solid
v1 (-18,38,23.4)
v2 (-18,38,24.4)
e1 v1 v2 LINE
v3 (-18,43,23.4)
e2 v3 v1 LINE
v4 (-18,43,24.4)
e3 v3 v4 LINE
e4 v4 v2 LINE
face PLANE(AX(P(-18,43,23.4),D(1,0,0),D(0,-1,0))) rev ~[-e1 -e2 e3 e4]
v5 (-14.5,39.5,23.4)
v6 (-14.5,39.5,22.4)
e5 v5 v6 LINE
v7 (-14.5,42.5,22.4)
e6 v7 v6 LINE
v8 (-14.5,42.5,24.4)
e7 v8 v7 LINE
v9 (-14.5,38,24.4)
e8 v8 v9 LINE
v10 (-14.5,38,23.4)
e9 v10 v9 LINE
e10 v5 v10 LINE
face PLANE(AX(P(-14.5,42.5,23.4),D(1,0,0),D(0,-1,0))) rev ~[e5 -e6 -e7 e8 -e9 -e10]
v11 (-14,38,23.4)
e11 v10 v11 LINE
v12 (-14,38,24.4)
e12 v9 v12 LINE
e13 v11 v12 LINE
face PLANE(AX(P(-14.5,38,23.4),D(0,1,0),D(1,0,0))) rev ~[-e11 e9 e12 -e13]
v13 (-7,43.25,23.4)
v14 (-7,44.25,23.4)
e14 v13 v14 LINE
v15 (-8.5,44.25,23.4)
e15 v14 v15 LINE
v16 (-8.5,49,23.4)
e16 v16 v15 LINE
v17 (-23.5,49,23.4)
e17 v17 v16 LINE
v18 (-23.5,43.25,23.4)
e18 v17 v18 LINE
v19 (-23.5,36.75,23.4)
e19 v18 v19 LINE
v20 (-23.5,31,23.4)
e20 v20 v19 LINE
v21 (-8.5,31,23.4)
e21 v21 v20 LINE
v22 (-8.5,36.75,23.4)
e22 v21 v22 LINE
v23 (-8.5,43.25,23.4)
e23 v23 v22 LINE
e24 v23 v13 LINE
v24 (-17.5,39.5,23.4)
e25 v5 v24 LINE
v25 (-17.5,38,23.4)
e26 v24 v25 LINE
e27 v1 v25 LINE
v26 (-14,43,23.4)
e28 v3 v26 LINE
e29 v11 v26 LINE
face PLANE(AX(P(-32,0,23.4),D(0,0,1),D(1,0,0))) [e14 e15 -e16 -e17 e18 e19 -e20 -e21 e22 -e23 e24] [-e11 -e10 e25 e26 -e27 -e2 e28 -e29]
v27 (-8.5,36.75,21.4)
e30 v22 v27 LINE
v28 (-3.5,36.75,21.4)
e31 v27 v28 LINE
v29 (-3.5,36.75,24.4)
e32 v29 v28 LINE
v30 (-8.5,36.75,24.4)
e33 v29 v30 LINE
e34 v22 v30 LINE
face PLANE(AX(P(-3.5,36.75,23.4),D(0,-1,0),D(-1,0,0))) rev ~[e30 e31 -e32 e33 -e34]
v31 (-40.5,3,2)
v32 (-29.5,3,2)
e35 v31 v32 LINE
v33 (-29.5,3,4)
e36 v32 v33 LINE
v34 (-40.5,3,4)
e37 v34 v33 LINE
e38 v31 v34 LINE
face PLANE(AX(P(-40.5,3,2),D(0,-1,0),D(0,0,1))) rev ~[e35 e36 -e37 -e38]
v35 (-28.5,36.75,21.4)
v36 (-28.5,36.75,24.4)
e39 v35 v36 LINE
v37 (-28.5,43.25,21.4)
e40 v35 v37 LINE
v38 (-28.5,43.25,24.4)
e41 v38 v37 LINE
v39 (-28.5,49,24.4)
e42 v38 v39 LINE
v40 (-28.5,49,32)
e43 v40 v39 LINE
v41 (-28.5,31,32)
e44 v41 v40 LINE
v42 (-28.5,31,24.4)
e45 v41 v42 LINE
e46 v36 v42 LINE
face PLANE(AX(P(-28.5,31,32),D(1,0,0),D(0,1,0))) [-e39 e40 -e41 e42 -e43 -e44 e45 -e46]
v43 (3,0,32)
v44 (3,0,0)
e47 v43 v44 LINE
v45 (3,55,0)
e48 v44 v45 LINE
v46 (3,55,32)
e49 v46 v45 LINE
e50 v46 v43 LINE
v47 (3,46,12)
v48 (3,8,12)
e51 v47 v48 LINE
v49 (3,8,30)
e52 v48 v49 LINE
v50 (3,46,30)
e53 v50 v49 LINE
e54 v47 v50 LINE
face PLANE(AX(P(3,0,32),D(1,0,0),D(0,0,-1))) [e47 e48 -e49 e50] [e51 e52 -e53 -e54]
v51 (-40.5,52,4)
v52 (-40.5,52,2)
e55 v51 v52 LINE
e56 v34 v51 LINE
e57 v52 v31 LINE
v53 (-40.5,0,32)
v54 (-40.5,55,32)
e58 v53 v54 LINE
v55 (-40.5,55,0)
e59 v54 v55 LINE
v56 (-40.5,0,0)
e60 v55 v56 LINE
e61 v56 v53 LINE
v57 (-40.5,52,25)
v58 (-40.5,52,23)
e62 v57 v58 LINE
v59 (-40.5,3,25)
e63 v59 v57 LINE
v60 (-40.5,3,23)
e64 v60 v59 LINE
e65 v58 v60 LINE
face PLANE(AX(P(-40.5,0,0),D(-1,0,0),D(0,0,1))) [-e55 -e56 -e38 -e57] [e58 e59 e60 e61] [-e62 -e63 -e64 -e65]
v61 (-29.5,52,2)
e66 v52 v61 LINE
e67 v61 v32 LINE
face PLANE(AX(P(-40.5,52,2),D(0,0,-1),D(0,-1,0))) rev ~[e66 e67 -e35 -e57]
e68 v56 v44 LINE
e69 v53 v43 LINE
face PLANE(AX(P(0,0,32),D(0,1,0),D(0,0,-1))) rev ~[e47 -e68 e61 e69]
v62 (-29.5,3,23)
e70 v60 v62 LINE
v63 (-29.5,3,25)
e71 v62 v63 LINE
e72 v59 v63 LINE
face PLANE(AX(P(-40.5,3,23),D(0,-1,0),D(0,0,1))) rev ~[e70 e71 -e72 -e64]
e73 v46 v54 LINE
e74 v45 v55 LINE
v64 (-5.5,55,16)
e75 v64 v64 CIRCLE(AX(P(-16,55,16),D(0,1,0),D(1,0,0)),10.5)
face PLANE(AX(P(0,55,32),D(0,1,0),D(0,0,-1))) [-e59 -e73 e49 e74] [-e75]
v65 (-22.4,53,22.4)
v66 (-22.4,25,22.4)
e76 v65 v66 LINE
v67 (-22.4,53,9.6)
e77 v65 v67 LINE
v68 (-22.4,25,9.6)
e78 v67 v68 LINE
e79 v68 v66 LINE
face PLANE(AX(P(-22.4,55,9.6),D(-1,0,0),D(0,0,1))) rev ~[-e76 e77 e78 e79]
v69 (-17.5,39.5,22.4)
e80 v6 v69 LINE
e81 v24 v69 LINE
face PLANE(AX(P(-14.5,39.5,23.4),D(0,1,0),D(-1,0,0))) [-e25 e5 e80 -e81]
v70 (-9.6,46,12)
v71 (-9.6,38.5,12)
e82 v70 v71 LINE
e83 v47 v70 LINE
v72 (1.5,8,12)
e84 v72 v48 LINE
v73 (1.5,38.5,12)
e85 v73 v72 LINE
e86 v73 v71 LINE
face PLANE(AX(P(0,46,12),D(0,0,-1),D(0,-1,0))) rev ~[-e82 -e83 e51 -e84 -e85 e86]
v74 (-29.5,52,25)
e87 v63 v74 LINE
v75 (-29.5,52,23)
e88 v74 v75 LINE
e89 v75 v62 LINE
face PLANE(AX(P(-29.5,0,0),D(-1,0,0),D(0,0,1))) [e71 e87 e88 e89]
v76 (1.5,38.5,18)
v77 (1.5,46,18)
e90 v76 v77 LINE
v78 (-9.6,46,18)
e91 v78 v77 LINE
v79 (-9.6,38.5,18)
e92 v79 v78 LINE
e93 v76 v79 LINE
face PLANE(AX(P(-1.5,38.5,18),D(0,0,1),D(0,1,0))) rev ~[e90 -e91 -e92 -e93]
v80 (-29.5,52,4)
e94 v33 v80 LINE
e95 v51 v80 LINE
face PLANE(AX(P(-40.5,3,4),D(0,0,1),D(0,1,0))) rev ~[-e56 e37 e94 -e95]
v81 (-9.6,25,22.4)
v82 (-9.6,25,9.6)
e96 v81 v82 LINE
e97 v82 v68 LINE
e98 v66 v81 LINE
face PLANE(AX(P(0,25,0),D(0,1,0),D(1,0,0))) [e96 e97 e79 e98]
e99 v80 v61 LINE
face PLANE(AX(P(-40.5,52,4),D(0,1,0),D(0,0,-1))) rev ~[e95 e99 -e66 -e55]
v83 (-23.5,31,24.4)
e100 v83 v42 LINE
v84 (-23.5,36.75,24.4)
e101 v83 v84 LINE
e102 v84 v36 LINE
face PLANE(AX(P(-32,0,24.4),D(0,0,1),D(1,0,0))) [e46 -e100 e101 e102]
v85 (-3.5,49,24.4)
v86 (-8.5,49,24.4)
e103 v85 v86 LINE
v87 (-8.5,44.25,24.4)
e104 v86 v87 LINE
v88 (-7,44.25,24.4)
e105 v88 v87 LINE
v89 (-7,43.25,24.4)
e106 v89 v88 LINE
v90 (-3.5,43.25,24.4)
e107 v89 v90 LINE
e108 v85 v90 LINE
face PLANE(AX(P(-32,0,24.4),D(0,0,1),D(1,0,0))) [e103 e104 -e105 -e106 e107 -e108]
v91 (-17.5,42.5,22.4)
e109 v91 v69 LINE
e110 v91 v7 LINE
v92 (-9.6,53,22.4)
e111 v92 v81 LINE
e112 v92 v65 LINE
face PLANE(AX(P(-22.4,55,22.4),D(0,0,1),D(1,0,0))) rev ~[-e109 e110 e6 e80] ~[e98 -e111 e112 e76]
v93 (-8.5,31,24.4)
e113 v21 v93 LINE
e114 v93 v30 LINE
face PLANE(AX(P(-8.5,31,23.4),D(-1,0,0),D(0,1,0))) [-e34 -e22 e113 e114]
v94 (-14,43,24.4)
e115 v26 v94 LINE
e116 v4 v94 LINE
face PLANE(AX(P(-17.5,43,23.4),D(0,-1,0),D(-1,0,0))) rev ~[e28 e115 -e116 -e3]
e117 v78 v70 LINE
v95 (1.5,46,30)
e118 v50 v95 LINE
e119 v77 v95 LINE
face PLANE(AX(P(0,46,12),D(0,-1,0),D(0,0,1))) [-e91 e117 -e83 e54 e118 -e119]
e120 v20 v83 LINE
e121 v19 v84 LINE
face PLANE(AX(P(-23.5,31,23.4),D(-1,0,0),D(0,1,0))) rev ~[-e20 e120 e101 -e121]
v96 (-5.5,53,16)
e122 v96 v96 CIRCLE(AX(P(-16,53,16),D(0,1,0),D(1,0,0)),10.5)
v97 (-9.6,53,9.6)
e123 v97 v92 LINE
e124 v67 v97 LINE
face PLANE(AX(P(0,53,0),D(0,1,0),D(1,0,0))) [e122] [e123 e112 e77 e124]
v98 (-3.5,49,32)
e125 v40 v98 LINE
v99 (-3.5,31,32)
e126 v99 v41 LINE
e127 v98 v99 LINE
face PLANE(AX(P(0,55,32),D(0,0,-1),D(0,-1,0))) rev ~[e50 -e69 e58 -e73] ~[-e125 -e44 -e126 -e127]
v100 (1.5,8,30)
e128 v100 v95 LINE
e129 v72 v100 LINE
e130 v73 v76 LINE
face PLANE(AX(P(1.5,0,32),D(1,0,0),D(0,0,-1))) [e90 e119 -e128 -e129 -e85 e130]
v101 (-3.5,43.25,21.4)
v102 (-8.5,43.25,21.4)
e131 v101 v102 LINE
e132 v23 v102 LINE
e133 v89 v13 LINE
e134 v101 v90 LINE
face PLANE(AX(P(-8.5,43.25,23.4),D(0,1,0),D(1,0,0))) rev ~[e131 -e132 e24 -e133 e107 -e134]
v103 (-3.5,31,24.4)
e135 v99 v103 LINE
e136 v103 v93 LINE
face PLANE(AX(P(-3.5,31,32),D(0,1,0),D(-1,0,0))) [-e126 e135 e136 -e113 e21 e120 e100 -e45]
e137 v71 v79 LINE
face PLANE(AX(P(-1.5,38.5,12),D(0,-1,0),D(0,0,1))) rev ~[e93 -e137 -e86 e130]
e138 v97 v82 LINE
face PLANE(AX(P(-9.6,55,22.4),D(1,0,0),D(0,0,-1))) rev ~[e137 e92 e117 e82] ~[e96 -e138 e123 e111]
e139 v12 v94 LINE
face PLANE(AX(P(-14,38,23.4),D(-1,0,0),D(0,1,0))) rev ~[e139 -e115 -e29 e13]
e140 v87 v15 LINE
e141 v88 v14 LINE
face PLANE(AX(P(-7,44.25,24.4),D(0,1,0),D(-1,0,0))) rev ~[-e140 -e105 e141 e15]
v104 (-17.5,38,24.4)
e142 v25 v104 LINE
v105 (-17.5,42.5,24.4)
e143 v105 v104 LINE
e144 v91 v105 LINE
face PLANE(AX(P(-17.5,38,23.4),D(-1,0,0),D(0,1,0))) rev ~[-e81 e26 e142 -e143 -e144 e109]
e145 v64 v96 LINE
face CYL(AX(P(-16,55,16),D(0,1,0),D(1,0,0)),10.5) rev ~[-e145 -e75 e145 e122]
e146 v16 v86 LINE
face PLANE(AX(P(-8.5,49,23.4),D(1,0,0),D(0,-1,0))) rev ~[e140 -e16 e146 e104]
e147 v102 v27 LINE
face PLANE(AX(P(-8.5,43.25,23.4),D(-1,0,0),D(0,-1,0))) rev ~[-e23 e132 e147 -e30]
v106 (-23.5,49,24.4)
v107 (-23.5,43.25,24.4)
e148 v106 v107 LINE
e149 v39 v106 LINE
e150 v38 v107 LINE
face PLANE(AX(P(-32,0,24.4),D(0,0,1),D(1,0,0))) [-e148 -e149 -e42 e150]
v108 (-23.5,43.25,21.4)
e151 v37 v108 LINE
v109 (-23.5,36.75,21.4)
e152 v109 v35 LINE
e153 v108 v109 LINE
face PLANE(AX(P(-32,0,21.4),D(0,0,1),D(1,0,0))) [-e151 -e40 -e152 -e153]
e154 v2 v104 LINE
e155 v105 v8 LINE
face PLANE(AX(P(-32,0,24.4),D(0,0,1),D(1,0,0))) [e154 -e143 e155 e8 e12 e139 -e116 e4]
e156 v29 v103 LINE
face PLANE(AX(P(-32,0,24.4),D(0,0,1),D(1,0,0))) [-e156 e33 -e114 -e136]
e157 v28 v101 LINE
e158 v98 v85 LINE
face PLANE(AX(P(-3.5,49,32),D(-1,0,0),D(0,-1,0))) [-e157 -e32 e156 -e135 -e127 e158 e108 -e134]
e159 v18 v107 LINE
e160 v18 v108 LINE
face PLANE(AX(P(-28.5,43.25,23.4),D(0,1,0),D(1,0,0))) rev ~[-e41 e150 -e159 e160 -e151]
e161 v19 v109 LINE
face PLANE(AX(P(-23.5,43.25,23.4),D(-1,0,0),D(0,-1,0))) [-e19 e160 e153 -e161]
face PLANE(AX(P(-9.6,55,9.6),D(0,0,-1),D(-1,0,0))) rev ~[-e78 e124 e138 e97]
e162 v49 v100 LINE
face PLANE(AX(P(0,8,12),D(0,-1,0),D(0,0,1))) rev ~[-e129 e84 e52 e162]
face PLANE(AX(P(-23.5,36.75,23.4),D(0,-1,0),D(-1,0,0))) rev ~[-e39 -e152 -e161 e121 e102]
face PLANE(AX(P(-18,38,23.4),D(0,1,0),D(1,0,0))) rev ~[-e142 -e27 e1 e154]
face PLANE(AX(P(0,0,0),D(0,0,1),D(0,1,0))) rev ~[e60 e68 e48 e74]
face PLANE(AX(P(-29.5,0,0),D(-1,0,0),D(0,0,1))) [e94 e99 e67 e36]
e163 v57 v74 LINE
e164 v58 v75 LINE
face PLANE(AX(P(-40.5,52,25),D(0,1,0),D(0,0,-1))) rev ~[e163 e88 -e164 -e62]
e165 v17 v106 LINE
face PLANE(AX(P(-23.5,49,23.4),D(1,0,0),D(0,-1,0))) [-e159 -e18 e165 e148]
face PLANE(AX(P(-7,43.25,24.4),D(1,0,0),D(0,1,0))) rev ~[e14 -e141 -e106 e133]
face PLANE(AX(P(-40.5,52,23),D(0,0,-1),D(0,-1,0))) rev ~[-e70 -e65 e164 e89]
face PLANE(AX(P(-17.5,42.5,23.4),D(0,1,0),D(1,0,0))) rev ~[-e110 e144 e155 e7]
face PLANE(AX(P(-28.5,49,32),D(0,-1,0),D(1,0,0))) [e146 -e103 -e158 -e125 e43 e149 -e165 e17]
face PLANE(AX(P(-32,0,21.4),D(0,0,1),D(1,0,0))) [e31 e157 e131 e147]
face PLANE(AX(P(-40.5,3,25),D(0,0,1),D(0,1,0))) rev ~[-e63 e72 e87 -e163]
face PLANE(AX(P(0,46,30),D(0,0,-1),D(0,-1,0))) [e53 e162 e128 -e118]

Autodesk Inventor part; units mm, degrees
ref_plane "YZ Plane" through (0, 0, 0) normal (1, 0, 0) x (0, 1, 0)
ref_plane "XZ Plane" through (0, 0, 0) normal (0, 1, 0) x (-1, 0, 0)
ref_plane "XY Plane" through (0, 0, 0) normal (0, 0, 1) x (1, 0, 0)
sketch "Sketch1" plane through (0, 0, 0) normal (0, 1, 0) x (-1, 0, 0)
  line L0 (32, 32) -> (0, 32)
  line L1 (0, 32) -> (0, 0)
  line L2 (0, 0) -> (32, 0)
  line L3 (32, 0) -> (32, 32)
extrude "Extrusion1" add sketch "Sketch1" along normal blind 55
sketch "Sketch2" plane through (0, 55, 0) normal (0, 1, 0) x (1, 0, 0)
  line L0 (-9.6, -9.6) -> (-22.4, -9.6)
  line L1 (-22.4, -9.6) -> (-22.4, -22.4)
  line L2 (-22.4, -22.4) -> (-9.6, -22.4)
  line L3 (-9.6, -22.4) -> (-9.6, -9.6)
  point P0 (0, 0)
extrude "Extrusion2" cut sketch "Sketch2" against normal blind 30
sketch "Sketch3" plane through (-32, 0, 32) normal (0, 0, 1) x (1, 0, 0)
  line L0 (3.5, 49) -> (28.5, 49)
  line L1 (28.5, 49) -> (28.5, 31)
  line L2 (28.5, 31) -> (3.5, 31)
  line L3 (3.5, 31) -> (3.5, 49)
  line L4 (3.5, 49) -> (3.5, 43.25)
  line L5 (3.5, 36.75) -> (3.5, 43.25)
  line L6 (28.5, 49) -> (28.5, 43.25)
  line L7 (28.5, 36.75) -> (28.5, 43.25)
  line L8 (3.5, 43.25) -> (3.5, 36.75)
  line L9 (28.5, 43.25) -> (28.5, 36.75)
  point P0 (32, 0)
extrude "Extrusion3" cut sketch "Sketch3" against normal blind 8.6
sketch "Sketch4" plane through (-32, 0, 23.4) normal (0, 0, 1) x (1, 0, 0)
  line L0 (3.5, 49) -> (28.5, 49) projected
  line L1 (3.5, 49) -> (3.5, 43.25)
  line L2 (28.5, 31) -> (3.5, 31) projected
  line L3 (3.5, 36.75) -> (3.5, 31)
  line L4 (3.5, 31) -> (28.5, 31)
  line L5 (28.5, 31) -> (28.5, 36.75)
  line L6 (28.5, 49) -> (28.5, 31) projected
  line L7 (28.5, 43.25) -> (28.5, 49)
  line L8 (28.5, 49) -> (3.5, 49)
  point P0 (32, 0)
sketch "Sketch5" plane through (-32, 0, 23.4) normal (0, 0, 1) x (1, 0, 0)
  line L0 (3.5, 43.25) -> (8.5, 43.25)
  line L1 (8.5, 43.25) -> (8.5, 36.75)
  line L2 (8.5, 36.75) -> (3.5, 36.75)
  line L3 (3.5, 36.75) -> (3.5, 43.25)
  point P0 (32, 0)
sketch "Sketch6" plane through (-32, 0, 23.4) normal (0, 0, 1) x (1, 0, 0)
  line L0 (28.5, 43.25) -> (23.5, 43.25)
  line L1 (23.5, 43.25) -> (23.5, 36.75)
  line L2 (23.5, 36.75) -> (28.5, 36.75)
  line L3 (28.5, 36.75) -> (28.5, 43.25)
  point P0 (32, 0)
extrude "Extrusion4" cut sketch "Sketch5" against normal blind 2
extrude "Extrusion5" cut sketch "Sketch6" against normal blind 2
sketch "Sketch7" plane through (-32, 0, 23.4) normal (0, 0, 1) x (1, 0, 0)
  line L0 (3.5, 43.25) -> (8.5, 43.25) projected
  line L1 (3.5, 43.25) -> (3.5, 49) projected
  line L2 (8.5, 43.25) -> (3.5, 43.25)
  line L3 (3.5, 43.25) -> (3.5, 49)
  line L4 (3.5, 49) -> (8.5, 49)
  line L5 (8.5, 49) -> (8.5, 43.25)
  point P0 (32, 0)
sketch "Sketch8" plane through (-32, 0, 23.4) normal (0, 0, 1) x (1, 0, 0)
  line L0 (8.5, 36.75) -> (3.5, 36.75) projected
  line L1 (28.5, 31) -> (3.5, 31) projected
  line L2 (8.5, 36.75) -> (3.5, 36.75)
  line L3 (3.5, 36.75) -> (3.5, 31)
  line L4 (3.5, 31) -> (8.5, 31)
  line L5 (8.5, 31) -> (8.5, 36.75)
  point P0 (32, 0)
sketch "Sketch9" plane through (-32, 0, 23.4) normal (0, 0, 1) x (1, 0, 0)
  line L0 (28.5, 36.75) -> (23.5, 36.75) projected
  line L1 (28.5, 31) -> (3.5, 31) projected
  line L2 (23.5, 36.75) -> (28.5, 36.75)
  line L3 (28.5, 36.75) -> (28.5, 31)
  line L4 (28.5, 31) -> (23.5, 31)
  line L5 (23.5, 31) -> (23.5, 36.75)
  point P0 (32, 0)
sketch "Sketch10" plane through (-32, 0, 23.4) normal (0, 0, 1) x (1, 0, 0)
  line L0 (23.5, 43.25) -> (28.5, 43.25) projected
  line L1 (28.5, 49) -> (28.5, 43.25) projected
  line L2 (23.5, 43.25) -> (28.5, 43.25)
  line L3 (28.5, 43.25) -> (28.5, 49)
  line L4 (28.5, 49) -> (23.5, 49)
  line L5 (23.5, 49) -> (23.5, 43.25)
  point P0 (32, 0)
extrude "Extrusion6" add sketch "Sketch7" along normal blind 1
extrude "Extrusion7" add sketch "Sketch8" along normal blind 1
extrude "Extrusion8" add sketch "Sketch9" along normal blind 1
extrude "Extrusion9" add sketch "Sketch10" along normal blind 1
sketch "Sketch11" plane through (-32, 0, 24.4) normal (0, 0, 1) x (1, 0, 0)
  line L0 (23.5, 43.25) -> (28.5, 43.25) projected
  line L1 (23.5, 43.25) -> (25, 43.25)
  line L2 (25, 43.25) -> (25, 44.25)
  line L3 (25, 44.25) -> (23.5, 44.25)
  line L4 (23.5, 44.25) -> (23.5, 43.25)
  point P0 (32, 0)
extrude "Extrusion10" cut sketch "Sketch11" against normal blind 1
sketch "Sketch12" plane through (-32, 0, 23.4) normal (0, 0, 1) x (1, 0, 0)
  line L0 (8.5, 49) -> (8.5, 43.25) projected
  line L1 (23.5, 31) -> (8.5, 31) projected
  line L2 (23.5, 49) -> (23.5, 44.25) projected
  point P0 (32, 0)
sketch "Sketch13" plane through (-32, 0, 23.4) normal (0, 0, 1) x (1, 0, 0)
  point P0 (32, 0)
sketch "Sketch14" plane through (-32, 0, 23.4) normal (0, 0, 1) x (1, 0, 0)
  line L0 (23.5, 44.25) -> (23.5, 49) projected
  line L1 (23.5, 49) -> (17.5, 49)
  line L2 (14.5, 43) -> (17.5, 43)
  line L3 (17.5, 38) -> (18, 38)
  line L4 (18, 38) -> (18, 43)
  line L5 (18, 43) -> (14, 43)
  line L6 (14, 43) -> (14, 38)
  line L7 (14, 38) -> (14.5, 38)
  line L8 (14.5, 38) -> (14.5, 42)
  line L9 (3.5, 43.25) -> (8.5, 43.25) projected
  line L10 (14.5, 42) -> (14.5, 42.5)
  line L11 (14.5, 42.5) -> (17.5, 42.5)
  line L12 (17.5, 42.5) -> (17.5, 38)
  point P0 (32, 0)
extrude "Extrusion11" add sketch "Sketch14" along normal blind 1
sketch "Sketch15" plane through (-32, 0, 23.4) normal (0, 0, 1) x (1, 0, 0)
  line L0 (14.5, 42.5) -> (14.5, 38) projected
  line L1 (14.5, 42.5) -> (17.5, 42.5)
  line L2 (17.5, 42.5) -> (17.5, 39.5)
  line L3 (17.5, 39.5) -> (14.5, 39.5)
  line L4 (14.5, 39.5) -> (14.5, 42.5)
  point P0 (32, 0)
extrude "Extrusion12" cut sketch "Sketch15" against normal blind 7.1
sketch "Sketch16" plane through (-32, 0, 32) normal (0, 0, 1) x (1, 0, 0)
  point P0 (32, 0)
sketch "Sketch17" plane through (0, 0, 32) normal (1, 0, 0) x (0, 0, -1)
  line L0 (2, 46) -> (20, 46)
  line L1 (20, 46) -> (20, 8)
  line L2 (20, 8) -> (2, 8)
  line L3 (2, 8) -> (2, 46)
  point P0 (32, 0)
extrude "Extrusion13" cut sketch "Sketch17" against normal blind 1.5
sketch "Sketch18" plane through (-1.5, 0, 32) normal (1, 0, 0) x (0, 0, -1)
  line L0 (20, 38.5) -> (14, 38.5)
  line L1 (14, 38.5) -> (14, 46)
  line L2 (14, 46) -> (20, 46)
  line L3 (20, 46) -> (20, 38.5)
  point P0 (32, 0)
extrude "Extrusion14" cut sketch "Sketch18" against normal blind 8.1
sketch "Sketch19" plane through (0, 55, 0) normal (0, 1, 0) x (1, 0, 0)
  circle A0 centre (-16, -16) radius 10.5
  point P0 (0, 0)
sketch "Sketch20" plane through (0, 55, 0) normal (0, 1, 0) x (1, 0, 0)
  point P0 (0, 0)
extrude "Extrusion15" cut sketch "Sketch19" against normal blind 2
sketch "Sketch21" plane through (-32, 0, 0) normal (-1, 0, 0) x (0, 0, 1)
  line L0 (32, 0) -> (32, 55) projected
  line L1 (0, 0) -> (32, 0)
  line L2 (32, 0) -> (32, 55)
  line L3 (32, 55) -> (0, 55)
  line L4 (0, 55) -> (0, 0)
extrude "Extrusion16" add sketch "Sketch21" along normal blind 8.5
sketch "Sketch22" plane through (-40.5, 0, 0) normal (-1, 0, 0) x (0, 0, 1)
  line L0 (2, 3) -> (4, 3)
  line L1 (4, 3) -> (4, 52)
  line L2 (4, 52) -> (2, 52)
  line L3 (2, 52) -> (2, 3)
  line L4 (23, 3) -> (25, 3)
  line L5 (25, 3) -> (25, 52)
  line L6 (25, 52) -> (23, 52)
  line L7 (23, 52) -> (23, 3)
  point P0 (0, 0)
extrude "Extrusion17" cut sketch "Sketch22" against normal blind 11
sketch "Sketch23" plane through (0, 0, 32) normal (1, 0, 0) x (0, 0, -1)
  line L0 (0, 0) -> (32, 0) projected
  line L1 (0, 55) -> (32, 55) projected
  line L2 (0, 0) -> (32, 0)
  line L3 (32, 0) -> (32, 55)
  line L4 (32, 55) -> (0, 55)
  line L5 (0, 55) -> (0, 0)
sketch "Sketch24" plane through (0, 0, 32) normal (1, 0, 0) x (0, 0, -1)
  line L0 (20, 8) -> (2, 8) projected
  line L1 (20, 46) -> (20, 8) projected
  line L2 (2, 8) -> (20, 8)
  line L3 (20, 8) -> (20, 46)
  line L4 (20, 46) -> (2, 46)
  line L5 (2, 46) -> (2, 8)
  point P0 (32, 0)
extrude "Extrusion18" add sketch "Sketch23" along normal blind 3
extrude "Extrusion19" cut sketch "Sketch24" along normal blind 3
sketch "Sketch25" plane through (-1.5, 0, 32) normal (1, 0, 0) x (0, 0, -1)
  line L0 (2, 8) -> (2, 46) projected
  line L1 (20, 8) -> (2, 8) projected
  line L2 (2, 8) -> (20, 8)
  line L3 (20, 38.5) -> (20, 8) projected
  line L4 (20, 8) -> (20, 38.5)
  line L5 (14, 38.5) -> (14, 46) projected
  line L6 (20, 38.5) -> (14, 38.5)
  line L7 (14, 38.5) -> (14, 46)
  line L8 (14, 46) -> (2, 46)
  point P0 (32, 0)
extrude "Extrusion20" add sketch "Sketch25" along normal blind 3
properties part number "Cuvette Holder v2_3DPrint"
